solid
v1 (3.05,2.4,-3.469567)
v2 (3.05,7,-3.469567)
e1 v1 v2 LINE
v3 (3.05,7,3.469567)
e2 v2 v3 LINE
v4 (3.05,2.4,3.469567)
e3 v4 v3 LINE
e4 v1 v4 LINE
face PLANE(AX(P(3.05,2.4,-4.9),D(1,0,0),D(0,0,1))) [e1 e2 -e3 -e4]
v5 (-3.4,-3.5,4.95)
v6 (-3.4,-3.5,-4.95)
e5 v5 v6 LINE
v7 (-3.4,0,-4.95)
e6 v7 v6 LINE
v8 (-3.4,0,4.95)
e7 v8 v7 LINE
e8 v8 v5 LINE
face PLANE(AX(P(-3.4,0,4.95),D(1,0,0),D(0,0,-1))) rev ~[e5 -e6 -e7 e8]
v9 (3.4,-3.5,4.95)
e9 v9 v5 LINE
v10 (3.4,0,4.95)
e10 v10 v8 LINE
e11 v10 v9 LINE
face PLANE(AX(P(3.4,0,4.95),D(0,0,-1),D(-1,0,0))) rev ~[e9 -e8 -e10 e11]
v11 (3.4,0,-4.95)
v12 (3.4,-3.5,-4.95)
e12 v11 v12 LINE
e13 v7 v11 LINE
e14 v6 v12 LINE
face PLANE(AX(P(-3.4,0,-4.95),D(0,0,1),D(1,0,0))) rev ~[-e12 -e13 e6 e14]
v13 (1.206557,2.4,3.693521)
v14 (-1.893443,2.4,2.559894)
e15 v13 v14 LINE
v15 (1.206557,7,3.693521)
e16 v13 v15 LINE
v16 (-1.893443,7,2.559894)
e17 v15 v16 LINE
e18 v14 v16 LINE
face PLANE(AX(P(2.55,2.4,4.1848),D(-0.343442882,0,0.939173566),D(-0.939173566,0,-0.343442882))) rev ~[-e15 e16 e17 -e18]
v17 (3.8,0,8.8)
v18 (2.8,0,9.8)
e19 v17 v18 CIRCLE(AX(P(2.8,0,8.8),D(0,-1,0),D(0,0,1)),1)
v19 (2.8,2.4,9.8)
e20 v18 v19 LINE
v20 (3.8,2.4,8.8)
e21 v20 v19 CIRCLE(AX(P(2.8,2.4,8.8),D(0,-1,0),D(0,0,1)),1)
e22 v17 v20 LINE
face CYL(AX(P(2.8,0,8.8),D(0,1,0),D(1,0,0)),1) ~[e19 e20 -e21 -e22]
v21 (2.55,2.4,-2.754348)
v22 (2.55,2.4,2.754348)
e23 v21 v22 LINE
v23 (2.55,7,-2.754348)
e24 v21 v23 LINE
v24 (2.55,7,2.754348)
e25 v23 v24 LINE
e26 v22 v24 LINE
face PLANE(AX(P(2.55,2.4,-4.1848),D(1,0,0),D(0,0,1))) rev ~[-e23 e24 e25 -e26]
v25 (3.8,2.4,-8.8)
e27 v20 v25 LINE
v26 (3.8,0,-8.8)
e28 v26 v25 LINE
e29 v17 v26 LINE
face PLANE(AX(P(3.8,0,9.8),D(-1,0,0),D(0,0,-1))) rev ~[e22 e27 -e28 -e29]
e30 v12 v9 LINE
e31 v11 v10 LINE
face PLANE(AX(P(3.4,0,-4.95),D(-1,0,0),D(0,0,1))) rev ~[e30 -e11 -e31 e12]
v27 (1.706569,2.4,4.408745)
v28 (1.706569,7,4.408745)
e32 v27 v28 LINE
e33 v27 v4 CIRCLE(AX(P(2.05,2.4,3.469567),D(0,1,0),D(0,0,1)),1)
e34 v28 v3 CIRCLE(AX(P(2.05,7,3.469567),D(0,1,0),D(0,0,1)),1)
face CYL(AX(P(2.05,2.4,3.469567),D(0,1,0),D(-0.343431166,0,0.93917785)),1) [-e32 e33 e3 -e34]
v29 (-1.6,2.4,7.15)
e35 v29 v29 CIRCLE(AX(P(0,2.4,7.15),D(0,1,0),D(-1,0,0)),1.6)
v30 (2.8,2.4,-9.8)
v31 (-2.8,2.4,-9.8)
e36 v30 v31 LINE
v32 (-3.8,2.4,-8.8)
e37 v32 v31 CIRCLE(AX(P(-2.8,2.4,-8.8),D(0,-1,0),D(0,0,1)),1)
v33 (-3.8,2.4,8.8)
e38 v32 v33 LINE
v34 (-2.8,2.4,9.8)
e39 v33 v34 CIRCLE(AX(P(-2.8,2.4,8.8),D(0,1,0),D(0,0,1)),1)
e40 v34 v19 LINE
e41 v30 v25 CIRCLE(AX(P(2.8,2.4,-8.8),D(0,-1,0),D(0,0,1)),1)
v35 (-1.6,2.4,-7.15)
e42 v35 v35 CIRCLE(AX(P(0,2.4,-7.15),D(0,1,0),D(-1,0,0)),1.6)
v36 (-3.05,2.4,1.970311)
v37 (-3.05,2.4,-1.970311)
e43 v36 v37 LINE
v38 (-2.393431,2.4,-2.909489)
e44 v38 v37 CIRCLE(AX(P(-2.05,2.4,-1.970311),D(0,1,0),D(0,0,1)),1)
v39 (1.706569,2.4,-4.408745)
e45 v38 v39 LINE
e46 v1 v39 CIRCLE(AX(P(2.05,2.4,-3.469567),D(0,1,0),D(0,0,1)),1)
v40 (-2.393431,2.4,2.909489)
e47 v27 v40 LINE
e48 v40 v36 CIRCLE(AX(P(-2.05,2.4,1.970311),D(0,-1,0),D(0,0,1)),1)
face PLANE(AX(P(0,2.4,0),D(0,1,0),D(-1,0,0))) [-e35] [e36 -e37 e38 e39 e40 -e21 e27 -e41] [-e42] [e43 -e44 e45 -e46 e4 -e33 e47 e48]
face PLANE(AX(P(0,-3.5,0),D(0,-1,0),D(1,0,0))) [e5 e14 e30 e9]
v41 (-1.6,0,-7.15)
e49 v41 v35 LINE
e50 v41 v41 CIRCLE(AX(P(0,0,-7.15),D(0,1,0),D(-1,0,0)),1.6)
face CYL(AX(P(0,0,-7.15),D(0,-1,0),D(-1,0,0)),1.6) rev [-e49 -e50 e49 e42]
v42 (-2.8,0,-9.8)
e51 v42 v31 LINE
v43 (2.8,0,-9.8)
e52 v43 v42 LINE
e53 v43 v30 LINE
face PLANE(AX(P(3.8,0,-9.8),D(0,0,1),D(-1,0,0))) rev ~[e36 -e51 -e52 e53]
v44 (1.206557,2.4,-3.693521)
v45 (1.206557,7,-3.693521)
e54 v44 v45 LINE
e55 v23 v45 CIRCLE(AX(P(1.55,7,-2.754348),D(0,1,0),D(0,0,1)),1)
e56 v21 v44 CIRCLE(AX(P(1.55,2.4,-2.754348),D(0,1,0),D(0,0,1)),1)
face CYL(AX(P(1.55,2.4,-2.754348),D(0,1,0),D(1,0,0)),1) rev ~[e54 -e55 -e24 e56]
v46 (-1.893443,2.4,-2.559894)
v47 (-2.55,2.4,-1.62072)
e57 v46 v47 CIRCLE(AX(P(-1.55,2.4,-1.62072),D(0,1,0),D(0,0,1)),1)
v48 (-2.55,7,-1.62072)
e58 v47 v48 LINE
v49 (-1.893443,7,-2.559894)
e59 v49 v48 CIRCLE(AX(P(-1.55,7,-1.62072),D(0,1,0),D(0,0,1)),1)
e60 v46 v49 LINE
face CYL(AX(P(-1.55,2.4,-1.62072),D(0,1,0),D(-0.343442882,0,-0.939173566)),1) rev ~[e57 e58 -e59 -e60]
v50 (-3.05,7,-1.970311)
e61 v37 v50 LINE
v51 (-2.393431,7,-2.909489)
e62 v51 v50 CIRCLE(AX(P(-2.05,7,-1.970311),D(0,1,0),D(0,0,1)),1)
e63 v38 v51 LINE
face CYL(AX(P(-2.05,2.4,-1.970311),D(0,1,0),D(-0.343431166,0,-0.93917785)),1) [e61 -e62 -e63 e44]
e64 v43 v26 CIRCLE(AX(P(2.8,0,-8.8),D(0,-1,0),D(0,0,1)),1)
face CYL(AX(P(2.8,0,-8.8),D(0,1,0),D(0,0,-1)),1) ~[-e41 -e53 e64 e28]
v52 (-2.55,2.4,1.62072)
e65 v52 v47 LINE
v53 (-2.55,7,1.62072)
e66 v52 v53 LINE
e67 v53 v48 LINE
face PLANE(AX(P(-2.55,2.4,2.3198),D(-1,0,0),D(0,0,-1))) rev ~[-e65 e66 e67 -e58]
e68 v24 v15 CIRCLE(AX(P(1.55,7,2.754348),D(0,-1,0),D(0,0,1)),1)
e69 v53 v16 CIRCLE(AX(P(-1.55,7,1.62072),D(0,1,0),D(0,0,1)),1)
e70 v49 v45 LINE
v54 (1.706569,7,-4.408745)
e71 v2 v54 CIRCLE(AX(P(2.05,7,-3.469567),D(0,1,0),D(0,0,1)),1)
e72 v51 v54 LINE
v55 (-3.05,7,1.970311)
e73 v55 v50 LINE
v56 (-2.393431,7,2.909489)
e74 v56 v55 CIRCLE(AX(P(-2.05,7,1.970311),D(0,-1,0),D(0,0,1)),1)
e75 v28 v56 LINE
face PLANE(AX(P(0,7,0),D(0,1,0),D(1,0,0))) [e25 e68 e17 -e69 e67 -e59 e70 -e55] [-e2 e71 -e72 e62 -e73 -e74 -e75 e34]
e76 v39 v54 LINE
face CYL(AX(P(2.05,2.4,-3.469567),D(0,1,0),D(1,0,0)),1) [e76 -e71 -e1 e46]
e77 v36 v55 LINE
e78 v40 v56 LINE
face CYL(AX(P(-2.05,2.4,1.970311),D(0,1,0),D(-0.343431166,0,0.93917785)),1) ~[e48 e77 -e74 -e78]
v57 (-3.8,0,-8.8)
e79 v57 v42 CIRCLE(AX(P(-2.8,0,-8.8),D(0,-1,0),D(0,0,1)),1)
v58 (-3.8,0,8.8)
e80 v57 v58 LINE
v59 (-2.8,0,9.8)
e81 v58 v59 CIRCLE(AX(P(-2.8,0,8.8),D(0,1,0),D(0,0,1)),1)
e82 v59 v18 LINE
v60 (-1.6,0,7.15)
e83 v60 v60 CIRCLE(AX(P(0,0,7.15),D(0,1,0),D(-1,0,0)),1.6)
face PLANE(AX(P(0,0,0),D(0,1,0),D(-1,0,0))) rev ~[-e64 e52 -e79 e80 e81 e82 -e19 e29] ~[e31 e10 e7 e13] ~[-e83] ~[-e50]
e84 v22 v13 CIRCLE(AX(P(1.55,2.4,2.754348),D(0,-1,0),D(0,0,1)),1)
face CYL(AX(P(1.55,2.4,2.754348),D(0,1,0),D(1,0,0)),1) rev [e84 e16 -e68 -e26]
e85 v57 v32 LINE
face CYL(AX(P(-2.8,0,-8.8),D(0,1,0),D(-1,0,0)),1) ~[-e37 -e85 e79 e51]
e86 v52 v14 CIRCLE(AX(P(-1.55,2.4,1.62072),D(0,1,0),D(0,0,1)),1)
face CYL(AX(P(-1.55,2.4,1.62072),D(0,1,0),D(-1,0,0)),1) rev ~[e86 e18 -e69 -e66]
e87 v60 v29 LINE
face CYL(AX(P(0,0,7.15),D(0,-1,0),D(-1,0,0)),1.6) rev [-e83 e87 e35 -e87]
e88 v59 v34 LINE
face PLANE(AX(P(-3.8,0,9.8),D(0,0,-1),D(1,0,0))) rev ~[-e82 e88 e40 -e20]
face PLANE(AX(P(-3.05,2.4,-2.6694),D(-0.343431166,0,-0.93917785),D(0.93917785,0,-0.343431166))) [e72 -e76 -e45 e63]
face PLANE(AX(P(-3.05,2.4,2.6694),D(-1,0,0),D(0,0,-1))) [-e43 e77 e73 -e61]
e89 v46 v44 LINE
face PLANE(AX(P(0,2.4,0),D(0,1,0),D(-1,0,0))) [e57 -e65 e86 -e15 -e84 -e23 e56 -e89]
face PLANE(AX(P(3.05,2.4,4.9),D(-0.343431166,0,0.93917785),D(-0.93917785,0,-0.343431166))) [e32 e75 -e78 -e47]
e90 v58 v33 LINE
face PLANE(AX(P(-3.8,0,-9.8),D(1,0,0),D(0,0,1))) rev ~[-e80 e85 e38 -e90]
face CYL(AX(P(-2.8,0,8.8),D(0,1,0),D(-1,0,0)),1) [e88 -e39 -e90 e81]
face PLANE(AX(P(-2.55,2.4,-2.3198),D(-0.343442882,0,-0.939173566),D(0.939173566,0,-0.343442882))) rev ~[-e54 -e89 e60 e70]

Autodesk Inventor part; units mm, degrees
ref_plane "YZ Plane" through (0, 0, 0) normal (1, 0, 0) x (0, 1, 0)
ref_plane "XZ Plane" through (0, 0, 0) normal (0, 1, 0) x (-1, 0, 0)
ref_plane "XY Plane" through (0, 0, 0) normal (0, 0, 1) x (1, 0, 0)
sketch "Sketch1" plane through (0, 0, 0) normal (0, 1, 0) x (-1, 0, 0)
  line L0 (3.8, 9.8) -> (-3.8, 9.8)
  line L1 (-3.8, 9.8) -> (-3.8, -9.8)
  line L2 (-3.8, -9.8) -> (3.8, -9.8)
  line L3 (3.8, -9.8) -> (3.8, 9.8)
  circle A0 centre (0, 7.15) radius 1.6
  circle A1 centre (0, -7.15) radius 1.6
  point P0 (0, 0)
  dimension "d0" = 19.6
  dimension "d1" = 7.6
  dimension "d2" = 9.8
  dimension "d3" = 3.8
  dimension "d4" = 3.2
  dimension "d5" = 3.2
  dimension "d6" = 14.3
  dimension "d7" = 7.15
extrude "Extrusion1" add sketch "Sketch1" along normal blind 2.4
fillet "Fillet1" radius 1 4 edges at (3.8, 1.2, 9.8) (-3.8, 1.2, 9.8) (3.8, 1.2, -9.8) (-3.8, 1.2, -9.8)
sketch "Sketch2" plane through (0, 2.4, 0) normal (0, 1, 0) x (1, 0, 0)
  line L0 (-3.05, -2.6694) -> (-3.05, 2.6694)
  line L1 (-3.05, 2.6694) -> (3.05, 4.9)
  line L2 (3.05, 4.9) -> (3.05, -4.9)
  line L3 (3.05, -4.9) -> (-3.05, -2.6694)
  line L4 (2.55, -4.1848) -> (-2.55, -2.3198)
  line L5 (-2.55, -2.3198) -> (-2.55, 2.3198)
  line L6 (-2.55, 2.3198) -> (2.55, 4.1848)
  line L7 (2.55, 4.1848) -> (2.55, -4.1848)
  point P0 (0, 0)
  dimension "d11" = 69.914
  dimension "d13" = 9.8
  dimension "d14" = 6.1
  dimension "d15" = 3.05
  dimension "d17" = 0.5
  dimension "d18" = 0.5
  dimension "d19" = 0.5
  dimension "d20" = 0.5
  dimension "d21" = 4.9
  dimension "d22" = 69.914
  dimension "d23" = 69.914
extrude "Extrusion2" add sketch "Sketch2" along normal blind 4.6
fillet "Fillet2" radius 1 8 edges at (-3.05, 4.7, -2.6694) (-3.05, 4.7, 2.6694) (3.05, 4.7, 4.9) (3.05, 4.7, -4.9) (-2.55, 4.7, -2.3198) (-2.55, 4.7, 2.3198) (2.55, 4.7, -4.1848) (2.55, 4.7, 4.1848)
sketch "Sketch3" plane through (0, 0, 0) normal (0, -1, 0) x (1, 0, 0)
  line L0 (3.4, 4.95) -> (-3.4, 4.95)
  line L1 (-3.4, 4.95) -> (-3.4, -4.95)
  line L2 (-3.4, -4.95) -> (3.4, -4.95)
  line L3 (3.4, -4.95) -> (3.4, 4.95)
  point P0 (0, 0)
  dimension "d27" = 9.9
  dimension "d28" = 6.8
  dimension "d29" = 4.95
  dimension "d30" = 3.4
extrude "Extrusion3" add sketch "Sketch3" along normal blind 3.5
equation "\"d2\" = 0.5 * d0"
equation "\"d3\" = 0.5 * d1"
equation "\"d5\" = d4"
equation "\"d7\" = 0.5 * d6"
equation "\"d15\" = 0.5 * d14"
equation "\"d21\" = 0.5 * d13"
equation "\"d22\" = d11"
equation "\"d29\" = 0.5 * d27"
equation "\"d30\" = 0.5 * d28"
properties part number "9pin female connector"
